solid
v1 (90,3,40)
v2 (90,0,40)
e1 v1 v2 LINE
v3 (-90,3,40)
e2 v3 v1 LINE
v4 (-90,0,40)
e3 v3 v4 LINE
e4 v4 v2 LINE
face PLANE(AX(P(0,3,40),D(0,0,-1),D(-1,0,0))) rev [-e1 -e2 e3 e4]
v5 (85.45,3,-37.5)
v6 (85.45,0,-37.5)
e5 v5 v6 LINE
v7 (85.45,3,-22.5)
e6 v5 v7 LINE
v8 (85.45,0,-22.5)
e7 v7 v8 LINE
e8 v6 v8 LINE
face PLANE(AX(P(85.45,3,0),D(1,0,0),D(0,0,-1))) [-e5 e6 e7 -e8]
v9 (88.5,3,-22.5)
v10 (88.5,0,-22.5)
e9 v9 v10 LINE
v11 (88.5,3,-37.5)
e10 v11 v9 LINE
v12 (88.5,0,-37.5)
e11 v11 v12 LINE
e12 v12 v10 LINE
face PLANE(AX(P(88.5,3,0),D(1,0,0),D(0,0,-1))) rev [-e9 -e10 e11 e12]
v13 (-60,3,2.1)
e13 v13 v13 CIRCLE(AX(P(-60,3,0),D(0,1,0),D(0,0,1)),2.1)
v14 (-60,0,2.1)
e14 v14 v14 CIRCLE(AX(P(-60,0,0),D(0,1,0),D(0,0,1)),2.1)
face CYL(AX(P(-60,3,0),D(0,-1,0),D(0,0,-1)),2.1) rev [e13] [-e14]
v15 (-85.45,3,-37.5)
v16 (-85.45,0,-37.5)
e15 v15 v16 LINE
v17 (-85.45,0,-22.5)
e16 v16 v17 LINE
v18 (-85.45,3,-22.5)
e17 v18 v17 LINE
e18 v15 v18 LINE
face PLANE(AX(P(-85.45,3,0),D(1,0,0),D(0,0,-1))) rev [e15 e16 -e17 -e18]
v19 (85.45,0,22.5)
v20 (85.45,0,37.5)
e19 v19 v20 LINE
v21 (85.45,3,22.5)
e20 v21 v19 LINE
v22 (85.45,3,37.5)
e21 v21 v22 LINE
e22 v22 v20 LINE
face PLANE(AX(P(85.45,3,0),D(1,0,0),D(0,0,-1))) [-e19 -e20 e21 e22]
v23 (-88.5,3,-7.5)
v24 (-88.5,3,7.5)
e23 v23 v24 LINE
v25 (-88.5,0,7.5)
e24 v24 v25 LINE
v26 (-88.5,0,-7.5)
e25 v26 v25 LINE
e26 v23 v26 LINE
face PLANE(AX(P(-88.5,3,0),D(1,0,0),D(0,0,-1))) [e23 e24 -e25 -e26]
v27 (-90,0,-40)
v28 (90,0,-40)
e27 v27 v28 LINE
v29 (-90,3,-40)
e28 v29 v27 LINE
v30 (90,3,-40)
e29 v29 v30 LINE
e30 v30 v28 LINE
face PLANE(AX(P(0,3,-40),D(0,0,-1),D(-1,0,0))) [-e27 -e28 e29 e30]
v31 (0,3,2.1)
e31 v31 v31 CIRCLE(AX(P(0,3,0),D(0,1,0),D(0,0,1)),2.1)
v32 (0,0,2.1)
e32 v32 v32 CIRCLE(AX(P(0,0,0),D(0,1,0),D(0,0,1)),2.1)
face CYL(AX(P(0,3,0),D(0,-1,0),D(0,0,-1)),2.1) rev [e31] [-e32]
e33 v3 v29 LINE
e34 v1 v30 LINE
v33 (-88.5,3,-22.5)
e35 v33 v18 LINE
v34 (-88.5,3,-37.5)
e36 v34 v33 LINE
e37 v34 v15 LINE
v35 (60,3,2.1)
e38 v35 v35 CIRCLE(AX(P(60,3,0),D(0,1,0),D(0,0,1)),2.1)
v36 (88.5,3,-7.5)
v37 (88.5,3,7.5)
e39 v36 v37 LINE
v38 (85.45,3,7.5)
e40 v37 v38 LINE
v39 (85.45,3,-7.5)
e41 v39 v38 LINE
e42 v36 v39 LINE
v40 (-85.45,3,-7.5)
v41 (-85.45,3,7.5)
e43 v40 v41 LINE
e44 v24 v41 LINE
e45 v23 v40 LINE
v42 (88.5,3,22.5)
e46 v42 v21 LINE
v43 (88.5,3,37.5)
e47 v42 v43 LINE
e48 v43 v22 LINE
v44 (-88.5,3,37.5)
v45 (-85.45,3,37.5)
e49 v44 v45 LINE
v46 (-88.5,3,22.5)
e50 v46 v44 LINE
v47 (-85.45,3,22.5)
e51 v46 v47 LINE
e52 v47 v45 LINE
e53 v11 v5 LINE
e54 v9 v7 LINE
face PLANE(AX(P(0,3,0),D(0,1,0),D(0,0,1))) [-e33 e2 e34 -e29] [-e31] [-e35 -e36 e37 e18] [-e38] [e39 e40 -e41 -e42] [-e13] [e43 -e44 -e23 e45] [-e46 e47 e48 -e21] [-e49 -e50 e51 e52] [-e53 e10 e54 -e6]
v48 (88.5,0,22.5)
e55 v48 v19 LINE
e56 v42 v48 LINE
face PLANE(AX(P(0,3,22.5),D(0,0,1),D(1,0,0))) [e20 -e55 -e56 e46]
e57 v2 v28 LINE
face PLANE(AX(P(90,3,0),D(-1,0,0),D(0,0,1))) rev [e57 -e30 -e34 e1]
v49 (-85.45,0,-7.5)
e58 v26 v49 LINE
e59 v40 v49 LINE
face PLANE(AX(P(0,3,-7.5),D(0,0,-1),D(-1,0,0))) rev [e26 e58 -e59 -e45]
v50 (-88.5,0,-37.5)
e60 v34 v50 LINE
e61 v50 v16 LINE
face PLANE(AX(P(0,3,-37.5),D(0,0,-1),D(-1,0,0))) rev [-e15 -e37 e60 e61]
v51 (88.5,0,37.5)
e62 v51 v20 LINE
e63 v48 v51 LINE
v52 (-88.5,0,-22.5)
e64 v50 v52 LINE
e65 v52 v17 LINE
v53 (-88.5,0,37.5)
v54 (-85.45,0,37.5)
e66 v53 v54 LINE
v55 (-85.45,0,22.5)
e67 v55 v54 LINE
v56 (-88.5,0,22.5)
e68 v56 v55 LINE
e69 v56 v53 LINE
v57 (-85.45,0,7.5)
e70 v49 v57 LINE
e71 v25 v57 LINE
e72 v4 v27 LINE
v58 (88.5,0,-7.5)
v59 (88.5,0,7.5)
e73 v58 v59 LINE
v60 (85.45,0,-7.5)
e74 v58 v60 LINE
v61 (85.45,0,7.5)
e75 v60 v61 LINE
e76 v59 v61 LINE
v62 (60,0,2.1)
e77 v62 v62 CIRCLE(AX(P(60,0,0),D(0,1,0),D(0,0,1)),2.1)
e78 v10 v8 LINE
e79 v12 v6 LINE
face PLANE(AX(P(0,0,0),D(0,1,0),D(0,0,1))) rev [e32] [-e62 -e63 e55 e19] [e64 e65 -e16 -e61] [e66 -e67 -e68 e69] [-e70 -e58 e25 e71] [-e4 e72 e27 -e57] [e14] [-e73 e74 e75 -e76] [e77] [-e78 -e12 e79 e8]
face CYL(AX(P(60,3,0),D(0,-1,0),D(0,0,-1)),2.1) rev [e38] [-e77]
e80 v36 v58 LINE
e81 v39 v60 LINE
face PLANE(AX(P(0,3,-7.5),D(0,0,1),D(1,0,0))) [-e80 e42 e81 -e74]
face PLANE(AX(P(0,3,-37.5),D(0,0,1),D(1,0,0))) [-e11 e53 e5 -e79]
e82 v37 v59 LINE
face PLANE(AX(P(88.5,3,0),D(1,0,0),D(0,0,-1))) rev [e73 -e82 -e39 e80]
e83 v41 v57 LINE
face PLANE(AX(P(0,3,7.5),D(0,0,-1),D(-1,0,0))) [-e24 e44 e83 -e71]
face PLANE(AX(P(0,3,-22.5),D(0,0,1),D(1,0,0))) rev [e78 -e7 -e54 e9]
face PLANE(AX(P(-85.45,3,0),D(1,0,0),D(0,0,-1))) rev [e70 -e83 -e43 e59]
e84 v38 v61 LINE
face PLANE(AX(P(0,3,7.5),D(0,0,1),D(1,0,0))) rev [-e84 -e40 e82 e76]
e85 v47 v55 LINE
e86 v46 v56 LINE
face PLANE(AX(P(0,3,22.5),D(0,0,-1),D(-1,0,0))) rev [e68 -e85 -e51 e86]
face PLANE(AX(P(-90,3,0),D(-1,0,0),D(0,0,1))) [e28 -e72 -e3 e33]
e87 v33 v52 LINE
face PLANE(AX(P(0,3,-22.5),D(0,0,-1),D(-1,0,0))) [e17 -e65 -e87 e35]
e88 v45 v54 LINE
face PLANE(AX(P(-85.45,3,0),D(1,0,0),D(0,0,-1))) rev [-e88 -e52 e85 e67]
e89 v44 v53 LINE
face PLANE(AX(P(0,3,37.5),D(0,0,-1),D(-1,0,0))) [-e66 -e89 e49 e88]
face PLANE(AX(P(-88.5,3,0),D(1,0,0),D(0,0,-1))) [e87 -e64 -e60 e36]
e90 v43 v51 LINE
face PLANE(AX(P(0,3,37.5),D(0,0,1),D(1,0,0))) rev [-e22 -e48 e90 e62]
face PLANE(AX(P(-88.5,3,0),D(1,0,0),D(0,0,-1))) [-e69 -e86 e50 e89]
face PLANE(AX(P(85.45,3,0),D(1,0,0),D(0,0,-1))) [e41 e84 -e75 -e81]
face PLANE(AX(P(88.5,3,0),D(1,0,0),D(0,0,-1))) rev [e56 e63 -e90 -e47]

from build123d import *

# Parameters (mm, degrees)
SKETCH_1_W      = 180
SKETCH_1_H      = 80
SKETCH_1_R      = 2.1
SKETCH_1_W_2    = 3.05
SKETCH_1_H_2    = 15
EXTRUDE_1_DEPTH = 3


with BuildPart() as part:
    # 草图1 → 凸台-拉伸1 (new body)
    with BuildSketch(Plane(origin=(0, 0, 0), x_dir=(1, 0, 0), z_dir=(0, 1, 0))):
        Rectangle(SKETCH_1_W, SKETCH_1_H)
        with Locations(Location((-60, 0, 0), (0, 0, 270))):
            Circle(SKETCH_1_R, mode=Mode.SUBTRACT)
        with Locations(Location((0, 0, 0), (0, 0, 270))):
            Circle(SKETCH_1_R, mode=Mode.SUBTRACT)
        with Locations(Location((60, 0, 0), (0, 0, 270))):
            Circle(SKETCH_1_R, mode=Mode.SUBTRACT)
        with Locations((-86.975, 30)):
            Rectangle(SKETCH_1_W_2, SKETCH_1_H_2, mode=Mode.SUBTRACT)
        with Locations((-86.975, 0)):
            Rectangle(SKETCH_1_W_2, SKETCH_1_H_2, mode=Mode.SUBTRACT)
        with Locations((-86.975, -30)):
            Rectangle(SKETCH_1_W_2, SKETCH_1_H_2, mode=Mode.SUBTRACT)
        with Locations((86.975, 30)):
            Rectangle(SKETCH_1_W_2, SKETCH_1_H_2, mode=Mode.SUBTRACT)
        with Locations((86.975, -30)):
            Rectangle(SKETCH_1_W_2, SKETCH_1_H_2, mode=Mode.SUBTRACT)
        with Locations((86.975, 0)):
            Rectangle(SKETCH_1_W_2, SKETCH_1_H_2, mode=Mode.SUBTRACT)
    extrude(amount=EXTRUDE_1_DEPTH)


solid = part.part
